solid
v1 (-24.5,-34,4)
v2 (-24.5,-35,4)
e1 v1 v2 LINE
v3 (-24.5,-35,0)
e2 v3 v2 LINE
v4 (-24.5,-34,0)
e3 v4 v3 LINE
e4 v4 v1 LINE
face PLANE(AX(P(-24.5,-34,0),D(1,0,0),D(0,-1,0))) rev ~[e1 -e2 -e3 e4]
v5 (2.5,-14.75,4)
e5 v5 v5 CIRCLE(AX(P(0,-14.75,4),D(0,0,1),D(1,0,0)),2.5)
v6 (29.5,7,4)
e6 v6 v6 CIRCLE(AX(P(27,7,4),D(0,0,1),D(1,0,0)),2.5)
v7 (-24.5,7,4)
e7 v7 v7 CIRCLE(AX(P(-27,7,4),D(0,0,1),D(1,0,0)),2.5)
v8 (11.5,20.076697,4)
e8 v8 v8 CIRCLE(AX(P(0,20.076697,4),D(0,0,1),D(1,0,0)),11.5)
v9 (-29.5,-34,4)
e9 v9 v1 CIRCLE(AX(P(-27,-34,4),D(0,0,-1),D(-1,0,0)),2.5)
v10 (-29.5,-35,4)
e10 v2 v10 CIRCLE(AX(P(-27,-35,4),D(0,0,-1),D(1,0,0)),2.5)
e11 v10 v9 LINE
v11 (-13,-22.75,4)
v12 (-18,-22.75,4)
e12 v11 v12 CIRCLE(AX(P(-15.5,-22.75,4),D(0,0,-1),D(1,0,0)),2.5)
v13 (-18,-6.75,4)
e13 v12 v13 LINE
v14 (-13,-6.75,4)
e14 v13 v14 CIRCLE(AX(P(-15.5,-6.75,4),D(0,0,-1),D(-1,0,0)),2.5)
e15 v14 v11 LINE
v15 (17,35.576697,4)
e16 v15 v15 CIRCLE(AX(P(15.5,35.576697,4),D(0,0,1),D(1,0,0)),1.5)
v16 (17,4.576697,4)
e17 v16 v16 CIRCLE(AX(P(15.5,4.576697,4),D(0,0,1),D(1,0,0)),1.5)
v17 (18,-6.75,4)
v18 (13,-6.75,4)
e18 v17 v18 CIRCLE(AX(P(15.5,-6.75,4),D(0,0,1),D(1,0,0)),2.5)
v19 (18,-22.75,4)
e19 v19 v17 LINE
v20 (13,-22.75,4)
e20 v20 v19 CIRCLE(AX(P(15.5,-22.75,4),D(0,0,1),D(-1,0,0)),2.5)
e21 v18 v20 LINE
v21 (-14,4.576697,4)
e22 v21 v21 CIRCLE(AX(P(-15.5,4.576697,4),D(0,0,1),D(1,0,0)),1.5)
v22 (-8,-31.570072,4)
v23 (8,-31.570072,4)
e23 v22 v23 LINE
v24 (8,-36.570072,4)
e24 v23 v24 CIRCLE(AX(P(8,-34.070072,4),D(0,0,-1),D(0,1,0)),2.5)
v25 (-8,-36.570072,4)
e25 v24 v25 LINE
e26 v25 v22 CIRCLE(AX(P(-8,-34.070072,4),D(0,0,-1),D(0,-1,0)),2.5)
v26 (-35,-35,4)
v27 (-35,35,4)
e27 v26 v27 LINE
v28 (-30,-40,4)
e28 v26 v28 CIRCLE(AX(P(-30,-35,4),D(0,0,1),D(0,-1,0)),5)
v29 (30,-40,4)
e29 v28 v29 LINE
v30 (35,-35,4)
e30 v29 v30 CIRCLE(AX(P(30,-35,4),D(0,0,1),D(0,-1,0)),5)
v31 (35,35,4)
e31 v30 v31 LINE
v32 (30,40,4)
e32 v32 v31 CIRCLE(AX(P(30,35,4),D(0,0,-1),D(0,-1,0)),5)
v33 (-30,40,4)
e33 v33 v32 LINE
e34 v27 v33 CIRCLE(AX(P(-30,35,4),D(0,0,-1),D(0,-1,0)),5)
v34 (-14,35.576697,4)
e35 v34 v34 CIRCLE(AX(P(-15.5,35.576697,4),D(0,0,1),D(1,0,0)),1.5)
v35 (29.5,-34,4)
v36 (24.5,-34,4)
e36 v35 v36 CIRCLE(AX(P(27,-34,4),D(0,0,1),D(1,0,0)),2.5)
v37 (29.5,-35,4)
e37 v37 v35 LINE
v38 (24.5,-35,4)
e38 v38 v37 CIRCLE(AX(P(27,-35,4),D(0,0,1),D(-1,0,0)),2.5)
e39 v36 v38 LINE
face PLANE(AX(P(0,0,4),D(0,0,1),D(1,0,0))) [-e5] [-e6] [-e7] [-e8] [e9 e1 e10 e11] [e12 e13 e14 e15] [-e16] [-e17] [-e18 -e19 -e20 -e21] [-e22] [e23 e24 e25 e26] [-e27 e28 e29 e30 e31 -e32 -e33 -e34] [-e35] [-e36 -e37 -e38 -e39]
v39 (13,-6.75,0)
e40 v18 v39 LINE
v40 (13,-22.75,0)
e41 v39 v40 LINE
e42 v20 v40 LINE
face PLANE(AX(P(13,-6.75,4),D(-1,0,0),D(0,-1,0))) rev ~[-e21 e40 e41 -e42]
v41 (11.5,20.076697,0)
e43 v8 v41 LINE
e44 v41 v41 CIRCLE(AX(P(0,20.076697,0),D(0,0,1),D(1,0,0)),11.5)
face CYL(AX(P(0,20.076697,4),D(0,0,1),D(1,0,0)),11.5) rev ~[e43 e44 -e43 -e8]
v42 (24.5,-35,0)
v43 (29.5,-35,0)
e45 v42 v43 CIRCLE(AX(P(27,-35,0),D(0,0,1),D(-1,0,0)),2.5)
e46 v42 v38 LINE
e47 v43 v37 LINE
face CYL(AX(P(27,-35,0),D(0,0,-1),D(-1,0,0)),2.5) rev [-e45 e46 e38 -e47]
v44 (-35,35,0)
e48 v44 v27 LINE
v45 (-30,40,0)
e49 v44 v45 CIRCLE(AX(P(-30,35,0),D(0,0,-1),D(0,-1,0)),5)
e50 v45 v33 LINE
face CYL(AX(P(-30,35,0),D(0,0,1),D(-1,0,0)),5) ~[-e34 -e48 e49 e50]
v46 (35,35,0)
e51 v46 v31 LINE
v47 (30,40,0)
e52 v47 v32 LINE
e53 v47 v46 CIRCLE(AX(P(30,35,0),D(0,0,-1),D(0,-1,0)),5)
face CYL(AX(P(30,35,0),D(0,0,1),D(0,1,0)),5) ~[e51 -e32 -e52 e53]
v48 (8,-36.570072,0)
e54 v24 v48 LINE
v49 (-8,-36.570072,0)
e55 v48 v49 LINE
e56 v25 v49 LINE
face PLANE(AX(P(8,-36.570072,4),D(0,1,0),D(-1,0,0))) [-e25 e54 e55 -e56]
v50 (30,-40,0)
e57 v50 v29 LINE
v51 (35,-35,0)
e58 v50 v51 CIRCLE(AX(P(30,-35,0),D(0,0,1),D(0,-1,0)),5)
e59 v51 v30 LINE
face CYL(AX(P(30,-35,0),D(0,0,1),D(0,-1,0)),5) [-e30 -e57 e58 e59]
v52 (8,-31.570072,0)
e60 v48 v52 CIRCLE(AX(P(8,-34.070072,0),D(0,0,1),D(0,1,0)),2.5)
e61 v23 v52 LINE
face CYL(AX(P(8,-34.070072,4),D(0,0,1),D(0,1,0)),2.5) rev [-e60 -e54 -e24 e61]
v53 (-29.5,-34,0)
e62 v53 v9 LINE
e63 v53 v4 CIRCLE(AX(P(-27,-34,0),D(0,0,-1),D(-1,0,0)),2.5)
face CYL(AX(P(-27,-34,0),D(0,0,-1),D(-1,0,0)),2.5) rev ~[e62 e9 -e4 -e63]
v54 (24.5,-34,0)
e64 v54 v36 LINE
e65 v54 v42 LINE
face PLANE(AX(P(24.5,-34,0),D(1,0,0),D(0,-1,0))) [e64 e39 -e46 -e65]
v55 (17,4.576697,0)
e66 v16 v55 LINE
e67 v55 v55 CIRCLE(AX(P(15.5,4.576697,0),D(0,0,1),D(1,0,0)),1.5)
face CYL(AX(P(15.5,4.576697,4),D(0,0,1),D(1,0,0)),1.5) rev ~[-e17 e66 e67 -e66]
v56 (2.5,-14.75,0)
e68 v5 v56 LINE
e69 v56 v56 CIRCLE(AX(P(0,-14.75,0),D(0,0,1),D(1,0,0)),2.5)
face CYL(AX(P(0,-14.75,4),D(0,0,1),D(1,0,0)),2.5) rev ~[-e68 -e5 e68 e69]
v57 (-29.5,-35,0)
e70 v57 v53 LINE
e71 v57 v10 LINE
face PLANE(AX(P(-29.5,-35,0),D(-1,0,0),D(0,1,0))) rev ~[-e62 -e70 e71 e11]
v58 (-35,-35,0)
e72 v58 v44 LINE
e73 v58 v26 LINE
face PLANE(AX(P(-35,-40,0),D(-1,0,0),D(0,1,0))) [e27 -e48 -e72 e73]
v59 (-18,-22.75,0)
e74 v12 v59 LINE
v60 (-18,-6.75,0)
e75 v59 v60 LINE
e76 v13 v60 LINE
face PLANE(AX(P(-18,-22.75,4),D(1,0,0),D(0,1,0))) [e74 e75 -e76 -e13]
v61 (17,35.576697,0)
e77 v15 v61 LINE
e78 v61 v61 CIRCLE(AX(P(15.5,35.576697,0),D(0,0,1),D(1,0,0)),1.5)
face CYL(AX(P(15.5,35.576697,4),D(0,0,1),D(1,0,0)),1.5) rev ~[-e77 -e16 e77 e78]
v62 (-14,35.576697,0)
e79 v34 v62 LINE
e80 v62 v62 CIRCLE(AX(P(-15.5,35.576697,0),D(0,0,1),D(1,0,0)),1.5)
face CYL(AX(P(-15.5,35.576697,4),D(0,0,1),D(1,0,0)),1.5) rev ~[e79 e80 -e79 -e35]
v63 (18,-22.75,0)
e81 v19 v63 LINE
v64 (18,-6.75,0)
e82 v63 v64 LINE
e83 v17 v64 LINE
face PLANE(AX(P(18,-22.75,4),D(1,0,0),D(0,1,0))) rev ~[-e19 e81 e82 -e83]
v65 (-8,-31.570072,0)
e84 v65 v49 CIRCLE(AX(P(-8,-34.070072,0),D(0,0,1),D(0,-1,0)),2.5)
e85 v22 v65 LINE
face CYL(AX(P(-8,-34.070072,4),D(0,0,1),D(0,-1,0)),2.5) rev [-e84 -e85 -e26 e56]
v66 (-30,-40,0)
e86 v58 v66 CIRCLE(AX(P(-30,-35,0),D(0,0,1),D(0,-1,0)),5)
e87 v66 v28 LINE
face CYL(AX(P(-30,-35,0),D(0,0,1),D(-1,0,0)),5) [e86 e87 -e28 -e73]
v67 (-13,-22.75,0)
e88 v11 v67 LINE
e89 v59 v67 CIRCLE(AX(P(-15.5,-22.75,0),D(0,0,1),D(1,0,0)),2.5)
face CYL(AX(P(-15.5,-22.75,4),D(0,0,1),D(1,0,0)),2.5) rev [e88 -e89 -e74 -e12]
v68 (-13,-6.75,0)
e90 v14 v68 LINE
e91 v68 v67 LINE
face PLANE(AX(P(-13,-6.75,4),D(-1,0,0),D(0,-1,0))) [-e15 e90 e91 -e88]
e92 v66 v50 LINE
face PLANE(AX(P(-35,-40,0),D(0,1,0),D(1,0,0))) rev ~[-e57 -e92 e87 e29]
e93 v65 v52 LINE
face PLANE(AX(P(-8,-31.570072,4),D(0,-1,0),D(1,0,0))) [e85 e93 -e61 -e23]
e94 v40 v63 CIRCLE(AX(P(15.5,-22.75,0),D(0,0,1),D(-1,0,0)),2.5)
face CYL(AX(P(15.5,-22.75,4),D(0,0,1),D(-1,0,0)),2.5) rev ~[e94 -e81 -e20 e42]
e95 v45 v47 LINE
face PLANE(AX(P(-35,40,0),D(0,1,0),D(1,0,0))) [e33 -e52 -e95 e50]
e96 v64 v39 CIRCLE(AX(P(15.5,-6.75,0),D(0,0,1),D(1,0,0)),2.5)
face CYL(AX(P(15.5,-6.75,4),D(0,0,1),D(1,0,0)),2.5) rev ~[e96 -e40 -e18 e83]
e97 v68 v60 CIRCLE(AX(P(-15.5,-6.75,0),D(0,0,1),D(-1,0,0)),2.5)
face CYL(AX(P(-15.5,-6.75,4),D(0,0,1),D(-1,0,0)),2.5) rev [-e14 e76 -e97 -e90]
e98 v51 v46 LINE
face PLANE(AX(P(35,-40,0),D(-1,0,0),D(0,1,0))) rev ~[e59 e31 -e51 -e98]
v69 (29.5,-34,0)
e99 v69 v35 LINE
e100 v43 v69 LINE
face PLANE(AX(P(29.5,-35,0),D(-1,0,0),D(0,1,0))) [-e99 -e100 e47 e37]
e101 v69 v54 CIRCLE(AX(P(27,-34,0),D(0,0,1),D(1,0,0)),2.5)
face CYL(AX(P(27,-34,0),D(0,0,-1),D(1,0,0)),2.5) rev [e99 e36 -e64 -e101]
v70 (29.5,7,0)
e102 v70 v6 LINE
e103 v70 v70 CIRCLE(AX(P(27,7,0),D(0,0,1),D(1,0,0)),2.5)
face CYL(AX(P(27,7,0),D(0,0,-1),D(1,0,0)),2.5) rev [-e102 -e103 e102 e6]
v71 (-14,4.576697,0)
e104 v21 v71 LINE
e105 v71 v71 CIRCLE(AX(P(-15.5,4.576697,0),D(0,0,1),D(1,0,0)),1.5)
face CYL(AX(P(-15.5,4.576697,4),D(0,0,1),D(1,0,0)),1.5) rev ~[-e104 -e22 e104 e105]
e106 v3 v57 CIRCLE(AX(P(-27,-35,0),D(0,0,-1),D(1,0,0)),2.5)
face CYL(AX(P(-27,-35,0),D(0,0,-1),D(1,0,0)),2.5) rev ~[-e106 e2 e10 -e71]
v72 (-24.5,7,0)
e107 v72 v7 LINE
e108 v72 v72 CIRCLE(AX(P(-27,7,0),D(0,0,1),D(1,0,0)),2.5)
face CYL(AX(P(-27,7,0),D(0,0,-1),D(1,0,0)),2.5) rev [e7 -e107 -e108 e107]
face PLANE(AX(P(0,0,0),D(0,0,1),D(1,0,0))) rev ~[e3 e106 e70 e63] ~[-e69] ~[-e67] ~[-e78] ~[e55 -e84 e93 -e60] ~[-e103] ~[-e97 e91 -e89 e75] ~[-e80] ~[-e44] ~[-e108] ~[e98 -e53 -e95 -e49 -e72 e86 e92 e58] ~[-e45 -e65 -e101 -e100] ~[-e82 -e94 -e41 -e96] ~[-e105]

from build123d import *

# Parameters (mm, degrees)
SKETCH4_W           = 70
SKETCH4_H           = 80
SKETCH4_R           = 2.5
BOSS_EXTRUDE2_DEPTH = 4
SKETCH5_R           = 11.5
SKETCH5_R_2         = 1.5
SKETCH5_R_3         = 2.5
CUT_EXTRUDE2_DEPTH  = 5
FILLET1_R           = 5


with BuildPart() as part:
    # Sketch4 → Boss-Extrude2 (new body)
    with BuildSketch(Plane.XY):
        Rectangle(SKETCH4_W, SKETCH4_H)
        with Locations((-27, 7)):
            Circle(SKETCH4_R, mode=Mode.SUBTRACT)
        with Locations((27, 7)):
            Circle(SKETCH4_R, mode=Mode.SUBTRACT)
        with BuildLine():
            Line((-24.5, -34), (-24.5, -35))
            ThreePointArc((-24.5, -35), (-27, -37.5), (-29.5, -35))
            Line((-29.5, -35), (-29.5, -34))
            ThreePointArc((-29.5, -34), (-27, -31.5), (-24.5, -34))
        make_face(mode=Mode.SUBTRACT)
        with BuildLine():
            Line((24.5, -34), (24.5, -35))
            ThreePointArc((24.5, -35), (27, -37.5), (29.5, -35))
            Line((29.5, -35), (29.5, -34))
            ThreePointArc((29.5, -34), (27, -31.5), (24.5, -34))
        make_face(mode=Mode.SUBTRACT)
    extrude(amount=BOSS_EXTRUDE2_DEPTH)

    # Sketch5 → Cut-Extrude2 (cut, through all)
    with BuildSketch(Plane.XY.offset(4)):
        with Locations((0, 20.076696831)):
            Circle(SKETCH5_R)
        with Locations((-15.5, 35.576696831)):
            Circle(SKETCH5_R_2)
        with Locations((15.5, 35.576696831)):
            Circle(SKETCH5_R_2)
        with Locations((15.5, 4.576696831)):
            Circle(SKETCH5_R_2)
        with Locations((-15.5, 4.576696831)):
            Circle(SKETCH5_R_2)
        with Locations((0, -14.75)):
            Circle(SKETCH5_R_3)
        with BuildLine():
            Line((-8, -31.570071963), (8, -31.570071963))
            ThreePointArc((8, -31.570071963), (10.5, -34.070071963), (8, -36.570071963))
            Line((8, -36.570071963), (-8, -36.570071963))
            ThreePointArc((-8, -36.570071963), (-10.5, -34.070071963), (-8, -31.570071963))
        make_face()
        with BuildLine():
            Line((-13, -6.75), (-13, -22.75))
            ThreePointArc((-13, -22.75), (-15.5, -25.25), (-18, -22.75))
            Line((-18, -22.75), (-18, -6.75))
            ThreePointArc((-18, -6.75), (-15.5, -4.25), (-13, -6.75))
        make_face()
        with BuildLine():
            Line((13, -6.75), (13, -22.75))
            ThreePointArc((13, -22.75), (15.5, -25.25), (18, -22.75))
            Line((18, -22.75), (18, -6.75))
            ThreePointArc((18, -6.75), (15.5, -4.25), (13, -6.75))
        make_face()
    extrude(amount=-CUT_EXTRUDE2_DEPTH, mode=Mode.SUBTRACT)

    # Fillet1
    fillet1_edges = [part.edges().sort_by_distance(p)[0] for p in [
        (35, -40, 2),
        (-35, -40, 2),
        (-35, 40, 2),
        (35, 40, 2),
    ]]
    fillet(fillet1_edges, radius=FILLET1_R)


solid = part.part
